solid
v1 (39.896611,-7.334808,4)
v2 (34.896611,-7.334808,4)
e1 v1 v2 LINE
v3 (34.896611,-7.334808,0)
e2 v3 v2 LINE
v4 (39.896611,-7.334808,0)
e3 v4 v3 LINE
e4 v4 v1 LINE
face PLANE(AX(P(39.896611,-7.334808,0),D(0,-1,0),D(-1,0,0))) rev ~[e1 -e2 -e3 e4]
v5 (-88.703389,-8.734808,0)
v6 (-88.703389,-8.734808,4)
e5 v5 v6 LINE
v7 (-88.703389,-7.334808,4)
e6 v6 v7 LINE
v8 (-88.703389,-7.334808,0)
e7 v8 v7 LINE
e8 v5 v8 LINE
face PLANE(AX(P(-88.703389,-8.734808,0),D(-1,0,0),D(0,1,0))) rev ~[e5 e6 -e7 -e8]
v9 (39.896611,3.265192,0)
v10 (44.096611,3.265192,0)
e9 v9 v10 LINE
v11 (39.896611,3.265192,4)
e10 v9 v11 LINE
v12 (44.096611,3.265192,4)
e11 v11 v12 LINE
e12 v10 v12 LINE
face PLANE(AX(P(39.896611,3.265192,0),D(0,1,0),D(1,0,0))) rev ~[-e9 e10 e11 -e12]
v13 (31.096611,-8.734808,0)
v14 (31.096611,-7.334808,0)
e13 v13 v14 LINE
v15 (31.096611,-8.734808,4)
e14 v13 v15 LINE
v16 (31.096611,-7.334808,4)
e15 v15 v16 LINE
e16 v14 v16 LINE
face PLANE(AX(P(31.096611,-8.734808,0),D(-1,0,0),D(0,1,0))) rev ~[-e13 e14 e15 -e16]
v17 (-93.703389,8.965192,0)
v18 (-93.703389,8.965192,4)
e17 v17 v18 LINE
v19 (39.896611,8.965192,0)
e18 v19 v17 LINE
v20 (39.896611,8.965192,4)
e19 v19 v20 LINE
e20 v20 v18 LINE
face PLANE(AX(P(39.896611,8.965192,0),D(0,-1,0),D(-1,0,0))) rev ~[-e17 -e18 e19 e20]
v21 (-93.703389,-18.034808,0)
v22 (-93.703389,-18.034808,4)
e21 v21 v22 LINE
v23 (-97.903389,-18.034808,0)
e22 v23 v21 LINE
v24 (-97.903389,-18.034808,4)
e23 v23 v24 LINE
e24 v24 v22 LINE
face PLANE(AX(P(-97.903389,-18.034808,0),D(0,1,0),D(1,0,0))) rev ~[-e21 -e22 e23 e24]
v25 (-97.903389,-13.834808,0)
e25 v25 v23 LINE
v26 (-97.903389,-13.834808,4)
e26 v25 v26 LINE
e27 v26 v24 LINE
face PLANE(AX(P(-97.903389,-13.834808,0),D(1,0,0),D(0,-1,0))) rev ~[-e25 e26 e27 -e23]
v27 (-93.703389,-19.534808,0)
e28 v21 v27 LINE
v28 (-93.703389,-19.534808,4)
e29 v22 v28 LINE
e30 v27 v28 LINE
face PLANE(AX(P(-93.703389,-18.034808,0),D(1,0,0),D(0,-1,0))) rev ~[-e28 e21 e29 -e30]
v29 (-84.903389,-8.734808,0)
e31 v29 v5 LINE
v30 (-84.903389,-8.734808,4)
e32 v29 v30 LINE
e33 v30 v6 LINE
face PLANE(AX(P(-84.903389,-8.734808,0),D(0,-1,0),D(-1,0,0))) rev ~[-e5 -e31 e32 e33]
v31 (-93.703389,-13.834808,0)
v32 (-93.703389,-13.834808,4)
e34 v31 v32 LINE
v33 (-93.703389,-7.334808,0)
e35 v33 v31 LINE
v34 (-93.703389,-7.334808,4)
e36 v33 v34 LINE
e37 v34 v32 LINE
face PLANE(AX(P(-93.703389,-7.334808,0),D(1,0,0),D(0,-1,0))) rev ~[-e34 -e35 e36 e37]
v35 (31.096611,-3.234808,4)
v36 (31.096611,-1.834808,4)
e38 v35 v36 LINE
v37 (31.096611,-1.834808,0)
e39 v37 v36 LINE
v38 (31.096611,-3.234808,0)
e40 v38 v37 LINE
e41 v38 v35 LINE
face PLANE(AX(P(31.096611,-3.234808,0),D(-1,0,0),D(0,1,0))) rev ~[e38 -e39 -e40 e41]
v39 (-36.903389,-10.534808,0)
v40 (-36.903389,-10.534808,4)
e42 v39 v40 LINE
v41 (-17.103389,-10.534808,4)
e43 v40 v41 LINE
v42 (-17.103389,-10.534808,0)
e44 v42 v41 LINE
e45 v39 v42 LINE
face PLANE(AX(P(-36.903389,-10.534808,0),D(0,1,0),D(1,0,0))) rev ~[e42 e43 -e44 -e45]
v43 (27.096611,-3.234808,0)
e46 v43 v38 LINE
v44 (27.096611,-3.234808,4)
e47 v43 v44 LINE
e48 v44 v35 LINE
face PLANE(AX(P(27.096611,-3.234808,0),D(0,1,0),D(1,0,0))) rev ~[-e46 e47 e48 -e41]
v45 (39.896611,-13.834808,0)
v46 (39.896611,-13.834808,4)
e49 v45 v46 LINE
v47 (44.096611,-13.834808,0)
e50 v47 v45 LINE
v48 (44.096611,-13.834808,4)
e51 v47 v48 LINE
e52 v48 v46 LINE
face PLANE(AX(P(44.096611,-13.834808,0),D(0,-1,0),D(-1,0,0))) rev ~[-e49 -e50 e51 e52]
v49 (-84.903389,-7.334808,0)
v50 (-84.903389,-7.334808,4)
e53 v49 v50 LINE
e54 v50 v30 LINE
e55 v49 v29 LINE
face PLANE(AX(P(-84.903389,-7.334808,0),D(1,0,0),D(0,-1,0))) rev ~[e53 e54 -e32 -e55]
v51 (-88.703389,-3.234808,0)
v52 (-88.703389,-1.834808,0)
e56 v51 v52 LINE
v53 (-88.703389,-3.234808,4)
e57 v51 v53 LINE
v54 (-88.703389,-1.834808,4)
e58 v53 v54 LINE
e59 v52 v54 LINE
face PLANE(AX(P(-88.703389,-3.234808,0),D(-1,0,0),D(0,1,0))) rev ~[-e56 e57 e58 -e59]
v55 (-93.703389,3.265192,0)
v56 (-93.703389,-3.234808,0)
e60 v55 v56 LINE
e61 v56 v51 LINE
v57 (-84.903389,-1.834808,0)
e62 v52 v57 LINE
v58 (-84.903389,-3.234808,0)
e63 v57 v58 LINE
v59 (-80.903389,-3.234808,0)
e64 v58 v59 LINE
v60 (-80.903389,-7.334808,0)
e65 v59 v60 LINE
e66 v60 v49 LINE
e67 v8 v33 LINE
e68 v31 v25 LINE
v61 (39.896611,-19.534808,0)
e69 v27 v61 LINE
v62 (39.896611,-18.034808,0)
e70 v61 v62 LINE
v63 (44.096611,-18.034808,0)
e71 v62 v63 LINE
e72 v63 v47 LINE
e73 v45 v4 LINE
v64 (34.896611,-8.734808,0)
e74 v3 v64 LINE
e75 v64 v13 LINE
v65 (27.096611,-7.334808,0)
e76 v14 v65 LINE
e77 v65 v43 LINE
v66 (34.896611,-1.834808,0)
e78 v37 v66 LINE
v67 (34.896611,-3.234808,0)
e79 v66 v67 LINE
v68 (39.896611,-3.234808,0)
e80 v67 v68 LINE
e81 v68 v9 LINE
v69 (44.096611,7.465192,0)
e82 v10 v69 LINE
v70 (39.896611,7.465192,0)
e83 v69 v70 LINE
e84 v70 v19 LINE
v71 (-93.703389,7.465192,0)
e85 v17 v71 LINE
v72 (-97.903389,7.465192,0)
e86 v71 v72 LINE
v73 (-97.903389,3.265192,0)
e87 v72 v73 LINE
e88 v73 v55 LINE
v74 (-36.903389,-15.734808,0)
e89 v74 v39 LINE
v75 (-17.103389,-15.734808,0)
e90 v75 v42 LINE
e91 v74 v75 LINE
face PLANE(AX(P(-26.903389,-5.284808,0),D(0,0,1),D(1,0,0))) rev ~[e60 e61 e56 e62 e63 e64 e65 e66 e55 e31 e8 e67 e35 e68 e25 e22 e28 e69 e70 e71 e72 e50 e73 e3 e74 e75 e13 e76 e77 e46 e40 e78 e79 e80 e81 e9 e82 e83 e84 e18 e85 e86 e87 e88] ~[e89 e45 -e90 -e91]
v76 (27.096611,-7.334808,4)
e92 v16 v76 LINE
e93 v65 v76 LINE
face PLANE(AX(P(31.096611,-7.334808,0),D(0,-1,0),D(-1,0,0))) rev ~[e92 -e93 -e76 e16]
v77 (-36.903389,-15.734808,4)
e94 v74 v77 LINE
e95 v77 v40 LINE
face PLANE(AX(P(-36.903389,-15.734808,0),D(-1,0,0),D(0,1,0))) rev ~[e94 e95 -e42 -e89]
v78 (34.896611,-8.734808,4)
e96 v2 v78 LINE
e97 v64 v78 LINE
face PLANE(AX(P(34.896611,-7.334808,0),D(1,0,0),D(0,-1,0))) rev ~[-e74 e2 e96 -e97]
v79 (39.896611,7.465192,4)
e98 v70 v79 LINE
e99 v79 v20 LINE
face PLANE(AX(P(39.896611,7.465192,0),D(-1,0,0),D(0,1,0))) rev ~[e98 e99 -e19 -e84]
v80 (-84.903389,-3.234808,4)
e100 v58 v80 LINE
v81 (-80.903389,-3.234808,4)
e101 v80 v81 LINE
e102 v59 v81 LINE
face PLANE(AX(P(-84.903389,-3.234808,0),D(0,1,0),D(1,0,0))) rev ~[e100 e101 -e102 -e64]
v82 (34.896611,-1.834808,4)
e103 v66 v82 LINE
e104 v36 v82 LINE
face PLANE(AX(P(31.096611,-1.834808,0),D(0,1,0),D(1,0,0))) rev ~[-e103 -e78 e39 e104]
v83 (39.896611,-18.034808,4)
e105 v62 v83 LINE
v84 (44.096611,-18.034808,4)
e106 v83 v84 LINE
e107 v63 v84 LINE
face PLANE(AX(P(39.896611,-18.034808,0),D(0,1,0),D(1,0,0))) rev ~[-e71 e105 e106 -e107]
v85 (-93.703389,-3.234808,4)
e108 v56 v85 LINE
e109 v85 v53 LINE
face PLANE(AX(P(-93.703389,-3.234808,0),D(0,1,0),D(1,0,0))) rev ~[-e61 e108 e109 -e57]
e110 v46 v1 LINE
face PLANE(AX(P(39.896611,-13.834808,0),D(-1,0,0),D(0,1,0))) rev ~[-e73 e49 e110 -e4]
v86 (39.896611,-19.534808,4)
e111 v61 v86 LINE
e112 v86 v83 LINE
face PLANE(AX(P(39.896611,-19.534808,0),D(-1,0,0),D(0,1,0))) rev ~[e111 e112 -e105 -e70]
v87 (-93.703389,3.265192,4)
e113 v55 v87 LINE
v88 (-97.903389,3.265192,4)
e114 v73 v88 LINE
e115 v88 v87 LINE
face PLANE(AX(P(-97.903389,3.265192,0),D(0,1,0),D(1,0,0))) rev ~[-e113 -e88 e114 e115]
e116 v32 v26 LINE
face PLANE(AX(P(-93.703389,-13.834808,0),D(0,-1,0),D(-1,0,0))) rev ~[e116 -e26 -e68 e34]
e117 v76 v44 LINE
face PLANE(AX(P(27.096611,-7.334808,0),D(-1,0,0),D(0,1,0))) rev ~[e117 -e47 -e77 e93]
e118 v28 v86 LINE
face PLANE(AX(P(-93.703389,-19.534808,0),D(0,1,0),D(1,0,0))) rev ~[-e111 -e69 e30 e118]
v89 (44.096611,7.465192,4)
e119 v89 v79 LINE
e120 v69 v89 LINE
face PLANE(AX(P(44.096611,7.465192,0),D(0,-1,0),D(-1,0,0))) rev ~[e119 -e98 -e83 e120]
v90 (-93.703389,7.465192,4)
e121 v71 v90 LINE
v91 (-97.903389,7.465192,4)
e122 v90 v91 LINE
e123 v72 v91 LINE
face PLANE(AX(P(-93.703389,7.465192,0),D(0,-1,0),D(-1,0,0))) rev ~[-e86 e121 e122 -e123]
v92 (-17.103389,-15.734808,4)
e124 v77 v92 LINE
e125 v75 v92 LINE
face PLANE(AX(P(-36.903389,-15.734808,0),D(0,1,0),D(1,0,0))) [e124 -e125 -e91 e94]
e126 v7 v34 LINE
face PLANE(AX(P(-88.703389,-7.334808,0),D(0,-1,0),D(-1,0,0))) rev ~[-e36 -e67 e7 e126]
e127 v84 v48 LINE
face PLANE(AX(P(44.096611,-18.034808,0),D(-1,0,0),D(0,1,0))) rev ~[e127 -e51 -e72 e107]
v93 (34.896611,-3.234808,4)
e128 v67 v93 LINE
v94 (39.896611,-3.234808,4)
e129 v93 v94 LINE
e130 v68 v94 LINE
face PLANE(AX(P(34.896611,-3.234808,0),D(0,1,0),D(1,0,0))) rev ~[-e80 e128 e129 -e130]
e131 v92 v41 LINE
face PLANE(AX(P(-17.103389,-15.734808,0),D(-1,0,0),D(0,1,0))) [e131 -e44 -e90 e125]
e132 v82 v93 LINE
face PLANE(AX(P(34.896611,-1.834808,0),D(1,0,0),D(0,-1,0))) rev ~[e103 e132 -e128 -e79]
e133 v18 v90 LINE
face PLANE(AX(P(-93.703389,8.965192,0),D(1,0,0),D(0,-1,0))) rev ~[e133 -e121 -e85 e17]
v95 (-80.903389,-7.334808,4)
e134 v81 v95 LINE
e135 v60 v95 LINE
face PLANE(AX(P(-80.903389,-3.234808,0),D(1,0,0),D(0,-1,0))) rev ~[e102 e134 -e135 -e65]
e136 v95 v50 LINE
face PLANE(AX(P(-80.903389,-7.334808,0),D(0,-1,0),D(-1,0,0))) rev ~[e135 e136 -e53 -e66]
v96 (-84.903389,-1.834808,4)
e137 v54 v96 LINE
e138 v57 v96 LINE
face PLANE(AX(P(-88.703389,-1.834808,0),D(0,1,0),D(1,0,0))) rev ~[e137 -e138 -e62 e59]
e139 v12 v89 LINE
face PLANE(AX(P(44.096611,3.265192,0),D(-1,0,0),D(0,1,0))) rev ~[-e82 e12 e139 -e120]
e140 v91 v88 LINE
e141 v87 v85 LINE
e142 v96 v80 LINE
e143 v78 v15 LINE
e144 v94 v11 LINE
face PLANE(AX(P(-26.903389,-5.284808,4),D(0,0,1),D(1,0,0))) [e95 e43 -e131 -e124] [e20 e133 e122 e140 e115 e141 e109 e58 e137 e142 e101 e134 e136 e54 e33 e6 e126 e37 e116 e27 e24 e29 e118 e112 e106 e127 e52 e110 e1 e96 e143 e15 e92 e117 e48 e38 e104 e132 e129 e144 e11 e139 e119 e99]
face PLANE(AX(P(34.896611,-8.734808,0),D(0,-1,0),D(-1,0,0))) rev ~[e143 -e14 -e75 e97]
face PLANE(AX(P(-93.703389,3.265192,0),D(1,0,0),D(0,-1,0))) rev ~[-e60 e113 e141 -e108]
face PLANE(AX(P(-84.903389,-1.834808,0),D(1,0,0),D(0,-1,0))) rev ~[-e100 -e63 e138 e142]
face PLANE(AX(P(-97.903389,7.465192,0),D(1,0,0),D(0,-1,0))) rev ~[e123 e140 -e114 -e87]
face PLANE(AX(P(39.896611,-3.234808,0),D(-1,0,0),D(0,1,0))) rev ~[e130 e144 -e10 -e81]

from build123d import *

# Parameters (mm, degrees)
F0_W     = 19.8
F0_H     = 5.2
F1_DEPTH = 4


with BuildPart() as f1:
    # F0 (on Top) → F1 (new body)
    with BuildSketch(Plane.XY):
        Polygon((39.896611, 8.965192), (-93.703389, 8.965192), (-93.703389, 7.465192), (-97.903389, 7.465192), (-97.903389, 3.265192), (-93.703389, 3.265192), (-93.703389, -3.234808), (-88.703389, -3.234808), (-88.703389, -1.834808), (-84.903389, -1.834808), (-84.903389, -3.234808), (-80.903389, -3.234808), (-80.903389, -7.334808), (-84.903389, -7.334808), (-84.903389, -8.734808), (-88.703389, -8.734808), (-88.703389, -7.334808), (-93.703389, -7.334808), (-93.703389, -13.834808), (-97.903389, -13.834808), (-97.903389, -18.034808), (-93.703389, -18.034808), (-93.703389, -19.534808), (39.896611, -19.534808), (39.896611, -18.034808), (44.096611, -18.034808), (44.096611, -13.834808), (39.896611, -13.834808), (39.896611, -7.334808), (34.896611, -7.334808), (34.896611, -8.734808), (31.096611, -8.734808), (31.096611, -7.334808), (27.096611, -7.334808), (27.096611, -3.234808), (31.096611, -3.234808), (31.096611, -1.834808), (34.896611, -1.834808), (34.896611, -3.234808), (39.896611, -3.234808), (39.896611, 3.265192), (44.096611, 3.265192), (44.096611, 7.465192), (39.896611, 7.465192), align=None)
        with Locations((-27.003389, -13.134808)):
            Rectangle(F0_W, F0_H, mode=Mode.SUBTRACT)
    extrude(amount=F1_DEPTH)


solid = f1.part
